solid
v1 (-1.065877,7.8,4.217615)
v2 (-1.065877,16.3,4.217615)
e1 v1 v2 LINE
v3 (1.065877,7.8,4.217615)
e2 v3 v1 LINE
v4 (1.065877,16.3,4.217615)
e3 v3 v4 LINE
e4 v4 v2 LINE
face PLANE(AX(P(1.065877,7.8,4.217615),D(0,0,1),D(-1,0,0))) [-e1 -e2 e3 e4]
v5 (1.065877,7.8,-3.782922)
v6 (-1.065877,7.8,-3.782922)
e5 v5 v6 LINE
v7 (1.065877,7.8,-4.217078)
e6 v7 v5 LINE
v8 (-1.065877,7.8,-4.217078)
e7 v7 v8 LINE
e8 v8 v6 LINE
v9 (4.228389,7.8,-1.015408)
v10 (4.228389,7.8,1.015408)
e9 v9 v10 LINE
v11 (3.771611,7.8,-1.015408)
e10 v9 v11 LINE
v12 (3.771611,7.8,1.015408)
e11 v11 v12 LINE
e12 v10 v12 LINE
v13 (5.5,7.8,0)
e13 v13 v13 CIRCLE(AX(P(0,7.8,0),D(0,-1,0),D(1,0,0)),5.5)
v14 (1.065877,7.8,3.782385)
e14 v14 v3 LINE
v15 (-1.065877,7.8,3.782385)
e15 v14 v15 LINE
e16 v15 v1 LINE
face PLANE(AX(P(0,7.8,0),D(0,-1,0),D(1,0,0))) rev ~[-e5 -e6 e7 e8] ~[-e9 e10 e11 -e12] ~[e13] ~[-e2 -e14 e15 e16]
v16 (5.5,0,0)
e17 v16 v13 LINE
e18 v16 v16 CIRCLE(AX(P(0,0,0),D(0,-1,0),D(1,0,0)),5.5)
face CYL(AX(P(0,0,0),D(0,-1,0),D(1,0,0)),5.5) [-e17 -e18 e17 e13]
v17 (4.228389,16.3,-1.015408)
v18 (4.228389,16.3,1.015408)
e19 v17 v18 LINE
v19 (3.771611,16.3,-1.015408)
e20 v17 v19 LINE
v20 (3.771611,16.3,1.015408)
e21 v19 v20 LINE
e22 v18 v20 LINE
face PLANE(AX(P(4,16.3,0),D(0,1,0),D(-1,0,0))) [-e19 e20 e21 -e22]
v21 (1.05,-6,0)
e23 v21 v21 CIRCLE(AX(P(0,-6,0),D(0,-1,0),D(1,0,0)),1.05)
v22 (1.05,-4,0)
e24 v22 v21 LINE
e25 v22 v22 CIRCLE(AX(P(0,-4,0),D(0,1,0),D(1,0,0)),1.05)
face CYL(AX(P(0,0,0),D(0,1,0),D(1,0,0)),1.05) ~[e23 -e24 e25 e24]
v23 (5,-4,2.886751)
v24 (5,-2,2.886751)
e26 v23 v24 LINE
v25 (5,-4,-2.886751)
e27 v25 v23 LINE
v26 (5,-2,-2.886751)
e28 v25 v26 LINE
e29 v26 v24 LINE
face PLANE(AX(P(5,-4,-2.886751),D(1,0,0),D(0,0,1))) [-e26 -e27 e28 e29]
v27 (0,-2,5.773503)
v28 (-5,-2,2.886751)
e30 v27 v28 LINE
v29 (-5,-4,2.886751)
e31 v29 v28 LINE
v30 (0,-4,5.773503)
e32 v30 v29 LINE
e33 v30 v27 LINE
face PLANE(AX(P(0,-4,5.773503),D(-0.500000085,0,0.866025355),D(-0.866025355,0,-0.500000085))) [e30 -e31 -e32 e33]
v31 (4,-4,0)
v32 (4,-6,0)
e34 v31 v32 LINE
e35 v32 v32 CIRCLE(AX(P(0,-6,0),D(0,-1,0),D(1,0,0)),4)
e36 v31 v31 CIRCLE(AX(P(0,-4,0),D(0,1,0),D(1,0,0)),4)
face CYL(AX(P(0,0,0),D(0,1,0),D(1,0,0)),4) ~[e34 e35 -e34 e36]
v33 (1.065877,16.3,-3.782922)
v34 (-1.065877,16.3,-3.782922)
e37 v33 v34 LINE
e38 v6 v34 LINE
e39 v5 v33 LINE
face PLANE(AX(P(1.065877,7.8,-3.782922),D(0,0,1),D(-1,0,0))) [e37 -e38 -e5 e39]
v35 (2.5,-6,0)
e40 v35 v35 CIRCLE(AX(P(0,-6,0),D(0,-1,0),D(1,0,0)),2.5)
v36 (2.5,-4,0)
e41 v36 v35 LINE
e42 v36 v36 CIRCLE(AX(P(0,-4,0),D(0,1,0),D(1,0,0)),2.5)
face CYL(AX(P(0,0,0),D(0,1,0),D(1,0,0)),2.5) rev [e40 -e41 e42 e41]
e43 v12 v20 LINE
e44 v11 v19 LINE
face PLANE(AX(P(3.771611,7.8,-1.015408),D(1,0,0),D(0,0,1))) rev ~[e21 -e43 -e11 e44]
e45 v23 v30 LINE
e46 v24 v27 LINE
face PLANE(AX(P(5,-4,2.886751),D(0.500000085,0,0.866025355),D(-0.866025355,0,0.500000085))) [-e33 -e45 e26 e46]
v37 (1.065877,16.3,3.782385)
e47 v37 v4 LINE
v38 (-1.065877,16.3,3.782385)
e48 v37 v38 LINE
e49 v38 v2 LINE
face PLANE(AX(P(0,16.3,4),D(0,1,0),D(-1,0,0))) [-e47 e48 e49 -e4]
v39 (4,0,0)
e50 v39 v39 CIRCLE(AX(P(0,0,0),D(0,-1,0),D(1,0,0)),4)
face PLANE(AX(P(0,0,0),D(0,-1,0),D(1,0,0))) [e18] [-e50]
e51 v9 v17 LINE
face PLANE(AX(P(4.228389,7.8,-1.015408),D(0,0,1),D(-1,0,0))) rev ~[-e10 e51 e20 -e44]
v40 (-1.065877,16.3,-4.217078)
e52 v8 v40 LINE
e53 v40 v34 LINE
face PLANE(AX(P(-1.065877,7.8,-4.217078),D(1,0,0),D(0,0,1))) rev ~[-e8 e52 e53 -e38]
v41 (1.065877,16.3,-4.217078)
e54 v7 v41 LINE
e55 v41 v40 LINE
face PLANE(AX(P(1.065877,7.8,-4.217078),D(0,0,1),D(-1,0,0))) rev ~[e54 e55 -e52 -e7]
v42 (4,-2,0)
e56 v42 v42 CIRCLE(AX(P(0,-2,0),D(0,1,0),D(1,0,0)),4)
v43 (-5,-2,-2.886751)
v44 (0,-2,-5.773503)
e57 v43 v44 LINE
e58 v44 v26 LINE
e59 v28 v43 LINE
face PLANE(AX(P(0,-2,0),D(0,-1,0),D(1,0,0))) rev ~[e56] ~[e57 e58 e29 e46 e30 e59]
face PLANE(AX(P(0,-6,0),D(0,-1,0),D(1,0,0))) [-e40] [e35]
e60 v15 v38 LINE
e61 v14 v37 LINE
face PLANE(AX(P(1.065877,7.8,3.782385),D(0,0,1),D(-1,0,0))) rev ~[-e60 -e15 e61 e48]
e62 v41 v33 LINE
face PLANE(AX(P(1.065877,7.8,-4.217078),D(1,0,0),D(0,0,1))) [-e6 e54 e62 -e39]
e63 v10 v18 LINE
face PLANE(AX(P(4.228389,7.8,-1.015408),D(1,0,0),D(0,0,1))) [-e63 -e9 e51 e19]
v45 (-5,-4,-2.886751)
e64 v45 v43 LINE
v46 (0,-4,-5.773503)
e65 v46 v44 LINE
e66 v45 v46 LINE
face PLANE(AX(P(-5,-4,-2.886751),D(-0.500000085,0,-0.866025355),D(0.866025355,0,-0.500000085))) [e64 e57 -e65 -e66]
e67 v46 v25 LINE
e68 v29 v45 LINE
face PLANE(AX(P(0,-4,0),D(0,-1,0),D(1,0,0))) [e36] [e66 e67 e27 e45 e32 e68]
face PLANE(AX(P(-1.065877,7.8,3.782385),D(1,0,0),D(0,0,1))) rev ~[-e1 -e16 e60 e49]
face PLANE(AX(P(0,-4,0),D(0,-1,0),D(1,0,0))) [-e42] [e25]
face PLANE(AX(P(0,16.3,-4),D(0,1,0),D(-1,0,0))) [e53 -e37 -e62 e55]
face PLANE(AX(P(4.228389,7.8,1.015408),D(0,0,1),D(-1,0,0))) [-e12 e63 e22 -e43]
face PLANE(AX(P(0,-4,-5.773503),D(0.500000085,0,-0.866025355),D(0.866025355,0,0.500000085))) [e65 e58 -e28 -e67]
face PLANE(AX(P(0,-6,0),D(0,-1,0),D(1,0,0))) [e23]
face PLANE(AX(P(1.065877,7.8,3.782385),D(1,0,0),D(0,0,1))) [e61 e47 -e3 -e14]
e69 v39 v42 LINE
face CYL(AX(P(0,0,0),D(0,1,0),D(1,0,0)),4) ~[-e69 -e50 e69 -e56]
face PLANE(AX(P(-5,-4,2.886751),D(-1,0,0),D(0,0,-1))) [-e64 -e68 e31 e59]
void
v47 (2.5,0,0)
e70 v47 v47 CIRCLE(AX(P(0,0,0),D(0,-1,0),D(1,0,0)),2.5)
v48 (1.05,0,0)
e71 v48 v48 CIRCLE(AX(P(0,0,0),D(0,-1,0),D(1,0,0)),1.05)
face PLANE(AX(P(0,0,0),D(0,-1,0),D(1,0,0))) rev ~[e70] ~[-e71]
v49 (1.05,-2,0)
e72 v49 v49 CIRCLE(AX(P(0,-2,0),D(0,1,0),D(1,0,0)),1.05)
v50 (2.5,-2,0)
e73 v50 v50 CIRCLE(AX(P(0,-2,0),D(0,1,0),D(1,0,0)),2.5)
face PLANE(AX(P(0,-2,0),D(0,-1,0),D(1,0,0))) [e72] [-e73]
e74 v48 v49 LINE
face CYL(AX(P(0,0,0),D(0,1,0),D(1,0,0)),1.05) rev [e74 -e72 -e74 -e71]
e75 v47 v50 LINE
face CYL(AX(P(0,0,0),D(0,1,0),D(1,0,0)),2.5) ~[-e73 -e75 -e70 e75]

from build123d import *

# Parameters (mm, degrees)
F0_R     = 5.5
F1_DEPTH = 7.8
F2_R     = 4
F2_R_2   = 2.5
F2_R_3   = 1.05
F3_DEPTH = 6
F6_DEPTH = 2
F7_W     = 0.456778
F7_H     = 2.030816
F7_W_2   = 2.131754
F7_H_2   = 0.43523
F7_H_3   = 0.434156
F8_DEPTH = 8.5


with BuildPart() as f1:
    # F0 (on Front) → F1 (new body)
    with BuildSketch(Plane.XZ):
        Circle(F0_R)
    extrude(amount=-F1_DEPTH)

    # F2 (on Front) → F3 (join)
    with BuildSketch(Plane.XZ):
        Circle(F2_R)
        Circle(F2_R_2, mode=Mode.SUBTRACT)
        Circle(F2_R_3)
    extrude(amount=F3_DEPTH)

    # F5 (on offset) → F6 (join)
    with BuildSketch(Plane.XZ.offset(4)):
        Polygon((5, -2.886751), (5, 2.886751), (0, 5.773503), (-5, 2.886751), (-5, -2.886751), (0, -5.773503), align=None)
    extrude(amount=-F6_DEPTH)

    # F7 (on face) → F8 (join)
    with BuildSketch(Plane(origin=(0, 7.8, 0), x_dir=(-1, 0, 0), z_dir=(0, 1, 0))):
        with Locations((-4, 0)):
            Rectangle(F7_W, F7_H)
        with Locations((0, 4)):
            Rectangle(F7_W_2, F7_H_2)
        with Locations((0, -4)):
            Rectangle(F7_W_2, F7_H_3)
    extrude(amount=F8_DEPTH)


solid = f1.part
